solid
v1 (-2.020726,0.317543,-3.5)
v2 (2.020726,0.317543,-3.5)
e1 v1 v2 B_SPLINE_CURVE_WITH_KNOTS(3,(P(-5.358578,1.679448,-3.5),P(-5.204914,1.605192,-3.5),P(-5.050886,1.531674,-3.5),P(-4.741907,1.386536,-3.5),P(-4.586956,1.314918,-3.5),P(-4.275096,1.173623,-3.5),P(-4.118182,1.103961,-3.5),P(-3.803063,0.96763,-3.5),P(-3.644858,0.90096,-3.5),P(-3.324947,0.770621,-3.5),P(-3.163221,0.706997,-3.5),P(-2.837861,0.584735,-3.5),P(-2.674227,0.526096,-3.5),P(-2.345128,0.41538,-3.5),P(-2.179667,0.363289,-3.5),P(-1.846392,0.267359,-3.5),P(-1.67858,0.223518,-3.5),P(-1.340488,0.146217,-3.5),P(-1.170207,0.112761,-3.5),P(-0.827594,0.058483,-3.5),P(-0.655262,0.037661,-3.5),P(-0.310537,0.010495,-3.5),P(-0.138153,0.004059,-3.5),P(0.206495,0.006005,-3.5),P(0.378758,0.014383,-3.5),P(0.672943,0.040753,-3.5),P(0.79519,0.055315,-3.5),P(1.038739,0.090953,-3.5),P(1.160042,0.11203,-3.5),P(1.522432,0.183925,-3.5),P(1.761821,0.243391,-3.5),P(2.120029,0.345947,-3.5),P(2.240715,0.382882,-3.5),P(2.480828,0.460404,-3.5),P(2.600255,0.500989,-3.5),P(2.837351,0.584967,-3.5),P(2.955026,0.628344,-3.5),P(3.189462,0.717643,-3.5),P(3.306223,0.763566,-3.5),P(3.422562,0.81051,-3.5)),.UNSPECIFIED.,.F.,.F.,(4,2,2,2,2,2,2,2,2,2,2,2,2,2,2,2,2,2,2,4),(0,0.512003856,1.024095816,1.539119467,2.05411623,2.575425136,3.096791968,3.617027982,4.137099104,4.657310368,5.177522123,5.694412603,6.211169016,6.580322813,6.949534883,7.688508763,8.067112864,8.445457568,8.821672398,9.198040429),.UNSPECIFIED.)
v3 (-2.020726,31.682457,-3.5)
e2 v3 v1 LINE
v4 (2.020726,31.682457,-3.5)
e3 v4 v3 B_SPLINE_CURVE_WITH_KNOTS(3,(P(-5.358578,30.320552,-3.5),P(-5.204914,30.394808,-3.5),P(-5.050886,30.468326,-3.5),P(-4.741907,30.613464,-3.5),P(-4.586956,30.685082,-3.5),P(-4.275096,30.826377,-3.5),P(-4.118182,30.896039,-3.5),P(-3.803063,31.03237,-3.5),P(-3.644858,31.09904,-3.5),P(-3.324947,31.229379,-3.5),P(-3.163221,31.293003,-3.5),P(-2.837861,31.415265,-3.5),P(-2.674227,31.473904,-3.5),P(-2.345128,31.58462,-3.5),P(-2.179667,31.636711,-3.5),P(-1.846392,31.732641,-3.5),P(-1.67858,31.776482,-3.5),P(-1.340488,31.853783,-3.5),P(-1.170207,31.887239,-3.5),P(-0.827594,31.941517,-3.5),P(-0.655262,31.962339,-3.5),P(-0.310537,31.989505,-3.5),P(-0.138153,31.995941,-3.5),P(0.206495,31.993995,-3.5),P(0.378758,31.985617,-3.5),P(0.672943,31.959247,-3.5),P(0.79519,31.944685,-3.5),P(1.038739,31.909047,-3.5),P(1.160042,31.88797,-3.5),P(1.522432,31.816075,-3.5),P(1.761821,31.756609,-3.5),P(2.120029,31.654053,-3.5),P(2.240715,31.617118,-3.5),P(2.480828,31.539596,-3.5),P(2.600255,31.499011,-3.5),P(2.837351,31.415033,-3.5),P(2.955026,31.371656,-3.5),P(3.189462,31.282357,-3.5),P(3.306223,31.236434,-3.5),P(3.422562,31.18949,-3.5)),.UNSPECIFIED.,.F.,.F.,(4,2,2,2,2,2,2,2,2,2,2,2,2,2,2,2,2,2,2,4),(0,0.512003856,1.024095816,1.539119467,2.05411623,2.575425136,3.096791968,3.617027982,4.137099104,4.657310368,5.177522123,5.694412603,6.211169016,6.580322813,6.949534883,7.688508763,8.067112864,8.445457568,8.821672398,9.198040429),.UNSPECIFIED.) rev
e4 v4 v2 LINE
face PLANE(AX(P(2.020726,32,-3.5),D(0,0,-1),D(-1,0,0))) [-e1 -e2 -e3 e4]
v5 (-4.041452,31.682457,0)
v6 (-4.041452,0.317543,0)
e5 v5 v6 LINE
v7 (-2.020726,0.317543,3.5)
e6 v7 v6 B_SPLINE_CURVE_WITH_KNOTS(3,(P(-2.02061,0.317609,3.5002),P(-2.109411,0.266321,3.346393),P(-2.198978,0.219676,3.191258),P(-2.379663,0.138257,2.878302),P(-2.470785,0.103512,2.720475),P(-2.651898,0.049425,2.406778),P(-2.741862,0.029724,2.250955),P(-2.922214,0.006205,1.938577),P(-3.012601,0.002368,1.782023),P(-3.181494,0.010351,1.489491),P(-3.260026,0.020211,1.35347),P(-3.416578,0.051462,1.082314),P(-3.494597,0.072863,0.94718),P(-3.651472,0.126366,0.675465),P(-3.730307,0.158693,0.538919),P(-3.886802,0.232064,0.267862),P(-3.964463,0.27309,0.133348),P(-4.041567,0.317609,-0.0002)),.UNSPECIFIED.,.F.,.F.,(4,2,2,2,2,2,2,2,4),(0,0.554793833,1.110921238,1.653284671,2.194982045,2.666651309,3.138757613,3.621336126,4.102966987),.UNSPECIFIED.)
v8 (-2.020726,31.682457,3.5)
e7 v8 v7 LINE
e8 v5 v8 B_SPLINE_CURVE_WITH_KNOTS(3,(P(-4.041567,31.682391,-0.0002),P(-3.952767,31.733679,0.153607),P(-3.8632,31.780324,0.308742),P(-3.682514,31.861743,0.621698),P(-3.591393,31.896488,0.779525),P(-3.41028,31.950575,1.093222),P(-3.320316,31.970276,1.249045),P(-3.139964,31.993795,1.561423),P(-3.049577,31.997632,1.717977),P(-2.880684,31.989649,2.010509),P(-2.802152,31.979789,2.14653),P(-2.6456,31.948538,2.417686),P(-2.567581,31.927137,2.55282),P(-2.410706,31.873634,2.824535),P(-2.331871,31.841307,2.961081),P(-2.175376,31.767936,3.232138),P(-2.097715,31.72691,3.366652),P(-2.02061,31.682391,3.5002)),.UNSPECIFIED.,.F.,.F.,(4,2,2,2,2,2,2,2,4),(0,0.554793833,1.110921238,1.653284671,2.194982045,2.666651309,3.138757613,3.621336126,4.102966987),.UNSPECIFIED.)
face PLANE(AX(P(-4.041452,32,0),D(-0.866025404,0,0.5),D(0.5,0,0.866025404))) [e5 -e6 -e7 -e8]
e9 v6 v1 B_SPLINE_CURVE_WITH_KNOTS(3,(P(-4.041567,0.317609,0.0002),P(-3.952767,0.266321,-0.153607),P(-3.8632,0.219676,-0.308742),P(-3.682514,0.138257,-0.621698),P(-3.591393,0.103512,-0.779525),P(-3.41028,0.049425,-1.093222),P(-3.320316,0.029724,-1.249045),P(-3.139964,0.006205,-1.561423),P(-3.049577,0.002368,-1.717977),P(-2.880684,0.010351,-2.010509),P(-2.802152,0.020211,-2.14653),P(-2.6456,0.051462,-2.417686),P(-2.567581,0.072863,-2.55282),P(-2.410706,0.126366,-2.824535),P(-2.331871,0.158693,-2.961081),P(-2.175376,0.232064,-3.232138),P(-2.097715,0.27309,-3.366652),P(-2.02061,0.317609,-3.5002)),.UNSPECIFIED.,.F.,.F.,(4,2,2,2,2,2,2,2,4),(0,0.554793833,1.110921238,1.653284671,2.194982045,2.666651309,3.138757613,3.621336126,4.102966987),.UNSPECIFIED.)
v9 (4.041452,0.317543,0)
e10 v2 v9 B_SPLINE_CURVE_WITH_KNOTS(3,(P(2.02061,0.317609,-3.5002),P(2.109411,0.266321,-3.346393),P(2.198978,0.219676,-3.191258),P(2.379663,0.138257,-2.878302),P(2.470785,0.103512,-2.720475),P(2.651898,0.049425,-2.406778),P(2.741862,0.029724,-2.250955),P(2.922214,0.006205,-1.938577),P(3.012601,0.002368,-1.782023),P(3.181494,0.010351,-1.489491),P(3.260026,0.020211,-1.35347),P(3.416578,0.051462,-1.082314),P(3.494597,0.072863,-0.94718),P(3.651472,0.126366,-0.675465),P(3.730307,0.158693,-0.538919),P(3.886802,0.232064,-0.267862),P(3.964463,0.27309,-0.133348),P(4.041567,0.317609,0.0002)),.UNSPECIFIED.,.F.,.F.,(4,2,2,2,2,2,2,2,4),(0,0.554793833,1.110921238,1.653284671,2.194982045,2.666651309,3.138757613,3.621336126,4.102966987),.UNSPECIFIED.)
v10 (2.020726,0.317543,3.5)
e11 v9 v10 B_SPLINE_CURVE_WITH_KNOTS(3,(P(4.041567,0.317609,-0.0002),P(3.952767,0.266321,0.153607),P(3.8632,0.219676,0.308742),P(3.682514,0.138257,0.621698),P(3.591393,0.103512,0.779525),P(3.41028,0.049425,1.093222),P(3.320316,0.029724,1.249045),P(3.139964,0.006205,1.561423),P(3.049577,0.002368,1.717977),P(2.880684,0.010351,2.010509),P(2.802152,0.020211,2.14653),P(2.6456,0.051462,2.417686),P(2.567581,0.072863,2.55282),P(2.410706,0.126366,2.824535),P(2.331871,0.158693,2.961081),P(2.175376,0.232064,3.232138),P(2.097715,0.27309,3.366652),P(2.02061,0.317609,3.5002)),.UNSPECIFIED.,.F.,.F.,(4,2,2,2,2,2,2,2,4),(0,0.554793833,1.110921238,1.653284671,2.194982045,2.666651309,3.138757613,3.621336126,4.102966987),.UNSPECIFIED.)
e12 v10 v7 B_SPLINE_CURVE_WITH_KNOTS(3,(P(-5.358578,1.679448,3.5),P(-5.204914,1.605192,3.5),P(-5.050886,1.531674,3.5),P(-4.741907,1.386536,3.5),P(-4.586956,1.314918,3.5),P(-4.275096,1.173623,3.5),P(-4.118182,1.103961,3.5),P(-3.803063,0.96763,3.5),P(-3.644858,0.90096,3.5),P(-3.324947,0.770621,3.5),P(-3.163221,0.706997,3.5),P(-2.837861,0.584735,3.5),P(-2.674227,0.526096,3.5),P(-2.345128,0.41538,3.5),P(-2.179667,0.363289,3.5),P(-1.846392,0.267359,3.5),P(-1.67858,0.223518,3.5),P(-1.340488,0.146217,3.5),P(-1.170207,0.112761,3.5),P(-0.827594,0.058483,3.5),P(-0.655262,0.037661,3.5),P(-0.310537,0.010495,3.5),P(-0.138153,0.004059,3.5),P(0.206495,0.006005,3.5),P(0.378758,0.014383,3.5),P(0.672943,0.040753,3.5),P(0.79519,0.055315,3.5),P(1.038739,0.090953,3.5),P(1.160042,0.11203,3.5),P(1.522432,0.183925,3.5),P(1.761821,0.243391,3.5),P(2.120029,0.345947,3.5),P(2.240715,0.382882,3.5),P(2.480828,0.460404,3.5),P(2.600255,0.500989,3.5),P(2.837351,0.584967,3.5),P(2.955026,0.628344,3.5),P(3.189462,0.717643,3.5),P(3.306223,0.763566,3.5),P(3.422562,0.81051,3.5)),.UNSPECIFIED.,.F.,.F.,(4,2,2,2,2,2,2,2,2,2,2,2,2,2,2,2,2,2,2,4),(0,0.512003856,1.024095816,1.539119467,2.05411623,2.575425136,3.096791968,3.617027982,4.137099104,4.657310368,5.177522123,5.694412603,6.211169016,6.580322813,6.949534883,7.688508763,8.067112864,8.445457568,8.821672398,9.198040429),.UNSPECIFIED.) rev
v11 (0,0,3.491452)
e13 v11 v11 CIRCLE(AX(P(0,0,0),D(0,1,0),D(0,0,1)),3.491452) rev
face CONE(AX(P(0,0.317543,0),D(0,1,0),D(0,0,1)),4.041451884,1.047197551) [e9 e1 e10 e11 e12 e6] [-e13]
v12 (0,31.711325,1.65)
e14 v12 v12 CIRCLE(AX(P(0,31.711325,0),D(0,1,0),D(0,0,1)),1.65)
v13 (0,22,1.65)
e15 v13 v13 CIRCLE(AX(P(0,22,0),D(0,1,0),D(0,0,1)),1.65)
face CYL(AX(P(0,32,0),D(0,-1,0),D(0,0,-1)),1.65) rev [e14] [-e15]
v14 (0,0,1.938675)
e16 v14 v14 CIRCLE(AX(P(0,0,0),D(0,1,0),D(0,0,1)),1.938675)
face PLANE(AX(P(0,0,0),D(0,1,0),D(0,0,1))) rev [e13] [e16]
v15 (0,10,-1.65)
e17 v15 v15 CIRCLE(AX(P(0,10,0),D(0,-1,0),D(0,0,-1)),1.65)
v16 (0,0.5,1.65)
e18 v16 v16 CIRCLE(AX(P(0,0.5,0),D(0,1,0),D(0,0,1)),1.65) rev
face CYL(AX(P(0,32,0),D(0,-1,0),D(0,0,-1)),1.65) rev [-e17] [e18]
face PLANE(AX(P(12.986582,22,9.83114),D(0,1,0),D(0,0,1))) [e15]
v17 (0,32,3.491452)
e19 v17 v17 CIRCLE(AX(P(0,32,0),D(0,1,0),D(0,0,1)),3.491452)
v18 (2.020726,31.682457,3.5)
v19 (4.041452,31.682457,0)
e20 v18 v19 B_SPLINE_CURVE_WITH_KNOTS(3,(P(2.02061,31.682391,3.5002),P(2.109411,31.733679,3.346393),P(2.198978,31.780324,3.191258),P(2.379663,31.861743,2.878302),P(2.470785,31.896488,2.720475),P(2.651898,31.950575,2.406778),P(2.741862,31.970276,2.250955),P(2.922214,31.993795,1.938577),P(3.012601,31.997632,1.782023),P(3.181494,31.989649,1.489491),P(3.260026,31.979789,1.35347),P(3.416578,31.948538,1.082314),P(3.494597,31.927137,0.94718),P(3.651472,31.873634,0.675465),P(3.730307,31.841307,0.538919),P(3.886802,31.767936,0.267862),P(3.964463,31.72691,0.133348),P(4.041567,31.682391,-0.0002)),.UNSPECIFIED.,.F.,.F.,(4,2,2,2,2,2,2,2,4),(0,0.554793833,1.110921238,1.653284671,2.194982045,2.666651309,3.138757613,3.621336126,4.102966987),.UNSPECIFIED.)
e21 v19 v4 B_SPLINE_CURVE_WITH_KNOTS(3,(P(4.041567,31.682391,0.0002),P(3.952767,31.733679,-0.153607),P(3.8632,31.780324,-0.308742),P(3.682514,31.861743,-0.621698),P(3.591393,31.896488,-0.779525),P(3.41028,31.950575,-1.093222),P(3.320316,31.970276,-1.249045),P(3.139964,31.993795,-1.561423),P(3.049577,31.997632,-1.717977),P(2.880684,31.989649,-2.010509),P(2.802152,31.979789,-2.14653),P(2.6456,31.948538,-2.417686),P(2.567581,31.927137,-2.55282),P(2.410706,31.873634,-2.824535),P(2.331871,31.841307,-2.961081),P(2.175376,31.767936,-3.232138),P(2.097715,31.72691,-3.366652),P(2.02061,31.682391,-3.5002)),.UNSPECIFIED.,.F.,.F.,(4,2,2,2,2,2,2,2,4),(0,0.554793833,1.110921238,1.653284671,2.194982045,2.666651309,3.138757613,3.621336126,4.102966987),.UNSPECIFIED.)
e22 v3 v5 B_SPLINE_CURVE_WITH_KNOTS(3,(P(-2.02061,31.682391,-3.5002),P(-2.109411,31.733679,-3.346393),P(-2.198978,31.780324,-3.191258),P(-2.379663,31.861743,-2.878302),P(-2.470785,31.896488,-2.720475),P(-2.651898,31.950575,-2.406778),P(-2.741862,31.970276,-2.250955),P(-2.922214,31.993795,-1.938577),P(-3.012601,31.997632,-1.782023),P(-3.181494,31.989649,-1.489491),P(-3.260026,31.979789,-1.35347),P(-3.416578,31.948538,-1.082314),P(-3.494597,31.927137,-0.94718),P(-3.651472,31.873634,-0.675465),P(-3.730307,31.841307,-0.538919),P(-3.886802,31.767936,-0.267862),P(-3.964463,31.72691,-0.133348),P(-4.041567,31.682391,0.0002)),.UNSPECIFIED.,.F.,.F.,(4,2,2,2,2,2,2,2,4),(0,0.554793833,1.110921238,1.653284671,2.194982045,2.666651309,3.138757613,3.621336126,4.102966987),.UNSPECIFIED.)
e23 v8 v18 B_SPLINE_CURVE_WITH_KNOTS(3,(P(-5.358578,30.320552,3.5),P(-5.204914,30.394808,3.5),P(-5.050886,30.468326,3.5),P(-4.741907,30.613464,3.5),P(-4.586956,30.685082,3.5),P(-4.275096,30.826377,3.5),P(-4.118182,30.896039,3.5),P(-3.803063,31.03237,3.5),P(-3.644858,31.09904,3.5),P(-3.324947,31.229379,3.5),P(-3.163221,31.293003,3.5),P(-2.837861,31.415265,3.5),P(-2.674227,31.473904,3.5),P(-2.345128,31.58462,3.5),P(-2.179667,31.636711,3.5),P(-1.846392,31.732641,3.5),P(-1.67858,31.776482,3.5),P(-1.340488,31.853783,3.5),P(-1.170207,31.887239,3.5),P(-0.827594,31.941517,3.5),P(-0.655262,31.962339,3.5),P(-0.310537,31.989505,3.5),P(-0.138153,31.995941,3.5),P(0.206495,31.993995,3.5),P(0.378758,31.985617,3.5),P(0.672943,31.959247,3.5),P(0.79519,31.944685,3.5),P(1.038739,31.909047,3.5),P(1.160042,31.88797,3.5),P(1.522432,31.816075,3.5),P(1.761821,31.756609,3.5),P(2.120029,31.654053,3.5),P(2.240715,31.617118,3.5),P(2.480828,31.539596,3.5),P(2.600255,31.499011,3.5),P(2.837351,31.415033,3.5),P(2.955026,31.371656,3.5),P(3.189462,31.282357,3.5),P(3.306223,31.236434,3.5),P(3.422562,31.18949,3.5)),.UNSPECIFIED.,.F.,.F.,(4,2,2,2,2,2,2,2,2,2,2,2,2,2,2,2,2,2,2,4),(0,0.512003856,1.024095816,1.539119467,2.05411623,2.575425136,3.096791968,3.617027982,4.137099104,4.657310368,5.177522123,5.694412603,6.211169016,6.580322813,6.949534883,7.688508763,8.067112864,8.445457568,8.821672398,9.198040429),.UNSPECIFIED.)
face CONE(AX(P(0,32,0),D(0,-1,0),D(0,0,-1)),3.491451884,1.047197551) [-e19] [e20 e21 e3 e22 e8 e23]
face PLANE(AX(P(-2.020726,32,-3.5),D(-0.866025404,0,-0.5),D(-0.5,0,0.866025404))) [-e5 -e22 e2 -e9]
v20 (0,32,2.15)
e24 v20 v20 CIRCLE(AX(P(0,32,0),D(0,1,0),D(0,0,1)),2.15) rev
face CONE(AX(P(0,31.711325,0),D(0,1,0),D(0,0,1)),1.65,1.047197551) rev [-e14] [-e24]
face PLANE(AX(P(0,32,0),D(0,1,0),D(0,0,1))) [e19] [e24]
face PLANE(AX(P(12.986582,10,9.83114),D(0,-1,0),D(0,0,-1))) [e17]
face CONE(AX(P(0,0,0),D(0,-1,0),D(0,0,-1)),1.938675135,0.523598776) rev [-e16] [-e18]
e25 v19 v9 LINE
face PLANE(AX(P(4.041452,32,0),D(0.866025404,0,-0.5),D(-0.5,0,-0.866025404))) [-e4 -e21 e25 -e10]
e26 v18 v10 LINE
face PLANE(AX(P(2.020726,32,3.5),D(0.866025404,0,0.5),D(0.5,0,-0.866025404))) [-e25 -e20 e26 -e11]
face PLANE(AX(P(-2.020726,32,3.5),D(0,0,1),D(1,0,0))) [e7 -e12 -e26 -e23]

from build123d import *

# Parameters (mm, degrees)
SKETCH1_R             = 4.041451884
SKETCH1_R_2           = 1.65
BOSS_EXTRUDE1_DEPTH   = 32
CHAMFER1_SIZE         = 0.55
CHAMFER1_SIZE2        = 0.317542648
CHAMFER2_SIZE         = 0.55
CHAMFER2_SIZE2        = 0.317542648
SKETCH2_OUTSIDE_W     = 16.878
SKETCH2_OUTSIDE_H     = 16.878
CUT_EXTRUDE1_DEPTH    = 33
CHAMFER3_SIZE         = 0.5
CHAMFER3_SIZE2        = 0.288675135
CHAMFER3_PART_2_SIZE  = 0.5
CHAMFER3_PART_2_SIZE2 = 0.288675135
SKETCH3_W             = 4.041451884
SKETCH3_H             = 12
BOSS_EXTRUDE2_DEPTH   = 7


with BuildPart() as part:
    # Sketch1 → Boss-Extrude1 (new body)
    with BuildSketch(Plane(origin=(0, 0, 0), x_dir=(1, 0, 0), z_dir=(0, 1, 0))):
        Circle(SKETCH1_R)
        Circle(SKETCH1_R_2, mode=Mode.SUBTRACT)
    extrude(amount=BOSS_EXTRUDE1_DEPTH)

    # Chamfer1
    chamfer1_edges = [part.edges().sort_by_distance(p)[0] for p in [
        (-4.041451884, 32, 0),
    ]]
    chamfer1_side = [part.faces().sort_by_distance(p)[0] for p in [
        (-3.927142363, 32, 0),
    ]]
    chamfer(chamfer1_edges, length=CHAMFER1_SIZE, length2=CHAMFER1_SIZE2, reference=chamfer1_side[0])

    # Chamfer2
    chamfer2_edges = [part.edges().sort_by_distance(p)[0] for p in [
        (-4.041451884, 0, 0),
    ]]
    chamfer2_side = [part.faces().sort_by_distance(p)[0] for p in [
        (-3.927142363, 0, 0),
    ]]
    chamfer(chamfer2_edges, length=CHAMFER2_SIZE, length2=CHAMFER2_SIZE2, reference=chamfer2_side[0])

    # Sketch2 outside → Cut-Extrude1 (cut, through all)
    with BuildSketch(Plane.XZ):
        Rectangle(SKETCH2_OUTSIDE_W, SKETCH2_OUTSIDE_H)
        Polygon((4.041451884, 0), (2.020725942, -3.5), (-2.020725942, -3.5), (-4.041451884, 0), (-2.020725942, 3.5), (2.020725942, 3.5), align=None, mode=Mode.SUBTRACT)
    extrude(amount=-CUT_EXTRUDE1_DEPTH, mode=Mode.SUBTRACT)

    # Chamfer3
    chamfer3_edges = [part.edges().sort_by_distance(p)[0] for p in [
        (-1.65, 0, 0),
    ]]
    chamfer3_side = [part.faces().sort_by_distance(p)[0] for p in [
        (-1.65, 16, 0),
    ]]
    chamfer(chamfer3_edges, length=CHAMFER3_SIZE, length2=CHAMFER3_SIZE2, reference=chamfer3_side[0])

    # Chamfer3 part 2
    chamfer3_part_2_edges = [part.edges().sort_by_distance(p)[0] for p in [
        (-1.65, 32, 0),
    ]]
    chamfer3_part_2_side = [part.faces().sort_by_distance(p)[0] for p in [
        (-3.392698712, 32, 0),
    ]]
    chamfer(chamfer3_part_2_edges, length=CHAMFER3_PART_2_SIZE, length2=CHAMFER3_PART_2_SIZE2, reference=chamfer3_part_2_side[0])

    # Sketch3 → Boss-Extrude2 (add)
    with BuildSketch(Plane(origin=(-3.031088913, 0, -1.75), x_dir=(-0.5, 0, 0.866025404), z_dir=(-0.866025404, 0, -0.5))):
        with Locations((0, 16)):
            Rectangle(SKETCH3_W, SKETCH3_H)
    extrude(amount=-BOSS_EXTRUDE2_DEPTH)


solid = part.part
